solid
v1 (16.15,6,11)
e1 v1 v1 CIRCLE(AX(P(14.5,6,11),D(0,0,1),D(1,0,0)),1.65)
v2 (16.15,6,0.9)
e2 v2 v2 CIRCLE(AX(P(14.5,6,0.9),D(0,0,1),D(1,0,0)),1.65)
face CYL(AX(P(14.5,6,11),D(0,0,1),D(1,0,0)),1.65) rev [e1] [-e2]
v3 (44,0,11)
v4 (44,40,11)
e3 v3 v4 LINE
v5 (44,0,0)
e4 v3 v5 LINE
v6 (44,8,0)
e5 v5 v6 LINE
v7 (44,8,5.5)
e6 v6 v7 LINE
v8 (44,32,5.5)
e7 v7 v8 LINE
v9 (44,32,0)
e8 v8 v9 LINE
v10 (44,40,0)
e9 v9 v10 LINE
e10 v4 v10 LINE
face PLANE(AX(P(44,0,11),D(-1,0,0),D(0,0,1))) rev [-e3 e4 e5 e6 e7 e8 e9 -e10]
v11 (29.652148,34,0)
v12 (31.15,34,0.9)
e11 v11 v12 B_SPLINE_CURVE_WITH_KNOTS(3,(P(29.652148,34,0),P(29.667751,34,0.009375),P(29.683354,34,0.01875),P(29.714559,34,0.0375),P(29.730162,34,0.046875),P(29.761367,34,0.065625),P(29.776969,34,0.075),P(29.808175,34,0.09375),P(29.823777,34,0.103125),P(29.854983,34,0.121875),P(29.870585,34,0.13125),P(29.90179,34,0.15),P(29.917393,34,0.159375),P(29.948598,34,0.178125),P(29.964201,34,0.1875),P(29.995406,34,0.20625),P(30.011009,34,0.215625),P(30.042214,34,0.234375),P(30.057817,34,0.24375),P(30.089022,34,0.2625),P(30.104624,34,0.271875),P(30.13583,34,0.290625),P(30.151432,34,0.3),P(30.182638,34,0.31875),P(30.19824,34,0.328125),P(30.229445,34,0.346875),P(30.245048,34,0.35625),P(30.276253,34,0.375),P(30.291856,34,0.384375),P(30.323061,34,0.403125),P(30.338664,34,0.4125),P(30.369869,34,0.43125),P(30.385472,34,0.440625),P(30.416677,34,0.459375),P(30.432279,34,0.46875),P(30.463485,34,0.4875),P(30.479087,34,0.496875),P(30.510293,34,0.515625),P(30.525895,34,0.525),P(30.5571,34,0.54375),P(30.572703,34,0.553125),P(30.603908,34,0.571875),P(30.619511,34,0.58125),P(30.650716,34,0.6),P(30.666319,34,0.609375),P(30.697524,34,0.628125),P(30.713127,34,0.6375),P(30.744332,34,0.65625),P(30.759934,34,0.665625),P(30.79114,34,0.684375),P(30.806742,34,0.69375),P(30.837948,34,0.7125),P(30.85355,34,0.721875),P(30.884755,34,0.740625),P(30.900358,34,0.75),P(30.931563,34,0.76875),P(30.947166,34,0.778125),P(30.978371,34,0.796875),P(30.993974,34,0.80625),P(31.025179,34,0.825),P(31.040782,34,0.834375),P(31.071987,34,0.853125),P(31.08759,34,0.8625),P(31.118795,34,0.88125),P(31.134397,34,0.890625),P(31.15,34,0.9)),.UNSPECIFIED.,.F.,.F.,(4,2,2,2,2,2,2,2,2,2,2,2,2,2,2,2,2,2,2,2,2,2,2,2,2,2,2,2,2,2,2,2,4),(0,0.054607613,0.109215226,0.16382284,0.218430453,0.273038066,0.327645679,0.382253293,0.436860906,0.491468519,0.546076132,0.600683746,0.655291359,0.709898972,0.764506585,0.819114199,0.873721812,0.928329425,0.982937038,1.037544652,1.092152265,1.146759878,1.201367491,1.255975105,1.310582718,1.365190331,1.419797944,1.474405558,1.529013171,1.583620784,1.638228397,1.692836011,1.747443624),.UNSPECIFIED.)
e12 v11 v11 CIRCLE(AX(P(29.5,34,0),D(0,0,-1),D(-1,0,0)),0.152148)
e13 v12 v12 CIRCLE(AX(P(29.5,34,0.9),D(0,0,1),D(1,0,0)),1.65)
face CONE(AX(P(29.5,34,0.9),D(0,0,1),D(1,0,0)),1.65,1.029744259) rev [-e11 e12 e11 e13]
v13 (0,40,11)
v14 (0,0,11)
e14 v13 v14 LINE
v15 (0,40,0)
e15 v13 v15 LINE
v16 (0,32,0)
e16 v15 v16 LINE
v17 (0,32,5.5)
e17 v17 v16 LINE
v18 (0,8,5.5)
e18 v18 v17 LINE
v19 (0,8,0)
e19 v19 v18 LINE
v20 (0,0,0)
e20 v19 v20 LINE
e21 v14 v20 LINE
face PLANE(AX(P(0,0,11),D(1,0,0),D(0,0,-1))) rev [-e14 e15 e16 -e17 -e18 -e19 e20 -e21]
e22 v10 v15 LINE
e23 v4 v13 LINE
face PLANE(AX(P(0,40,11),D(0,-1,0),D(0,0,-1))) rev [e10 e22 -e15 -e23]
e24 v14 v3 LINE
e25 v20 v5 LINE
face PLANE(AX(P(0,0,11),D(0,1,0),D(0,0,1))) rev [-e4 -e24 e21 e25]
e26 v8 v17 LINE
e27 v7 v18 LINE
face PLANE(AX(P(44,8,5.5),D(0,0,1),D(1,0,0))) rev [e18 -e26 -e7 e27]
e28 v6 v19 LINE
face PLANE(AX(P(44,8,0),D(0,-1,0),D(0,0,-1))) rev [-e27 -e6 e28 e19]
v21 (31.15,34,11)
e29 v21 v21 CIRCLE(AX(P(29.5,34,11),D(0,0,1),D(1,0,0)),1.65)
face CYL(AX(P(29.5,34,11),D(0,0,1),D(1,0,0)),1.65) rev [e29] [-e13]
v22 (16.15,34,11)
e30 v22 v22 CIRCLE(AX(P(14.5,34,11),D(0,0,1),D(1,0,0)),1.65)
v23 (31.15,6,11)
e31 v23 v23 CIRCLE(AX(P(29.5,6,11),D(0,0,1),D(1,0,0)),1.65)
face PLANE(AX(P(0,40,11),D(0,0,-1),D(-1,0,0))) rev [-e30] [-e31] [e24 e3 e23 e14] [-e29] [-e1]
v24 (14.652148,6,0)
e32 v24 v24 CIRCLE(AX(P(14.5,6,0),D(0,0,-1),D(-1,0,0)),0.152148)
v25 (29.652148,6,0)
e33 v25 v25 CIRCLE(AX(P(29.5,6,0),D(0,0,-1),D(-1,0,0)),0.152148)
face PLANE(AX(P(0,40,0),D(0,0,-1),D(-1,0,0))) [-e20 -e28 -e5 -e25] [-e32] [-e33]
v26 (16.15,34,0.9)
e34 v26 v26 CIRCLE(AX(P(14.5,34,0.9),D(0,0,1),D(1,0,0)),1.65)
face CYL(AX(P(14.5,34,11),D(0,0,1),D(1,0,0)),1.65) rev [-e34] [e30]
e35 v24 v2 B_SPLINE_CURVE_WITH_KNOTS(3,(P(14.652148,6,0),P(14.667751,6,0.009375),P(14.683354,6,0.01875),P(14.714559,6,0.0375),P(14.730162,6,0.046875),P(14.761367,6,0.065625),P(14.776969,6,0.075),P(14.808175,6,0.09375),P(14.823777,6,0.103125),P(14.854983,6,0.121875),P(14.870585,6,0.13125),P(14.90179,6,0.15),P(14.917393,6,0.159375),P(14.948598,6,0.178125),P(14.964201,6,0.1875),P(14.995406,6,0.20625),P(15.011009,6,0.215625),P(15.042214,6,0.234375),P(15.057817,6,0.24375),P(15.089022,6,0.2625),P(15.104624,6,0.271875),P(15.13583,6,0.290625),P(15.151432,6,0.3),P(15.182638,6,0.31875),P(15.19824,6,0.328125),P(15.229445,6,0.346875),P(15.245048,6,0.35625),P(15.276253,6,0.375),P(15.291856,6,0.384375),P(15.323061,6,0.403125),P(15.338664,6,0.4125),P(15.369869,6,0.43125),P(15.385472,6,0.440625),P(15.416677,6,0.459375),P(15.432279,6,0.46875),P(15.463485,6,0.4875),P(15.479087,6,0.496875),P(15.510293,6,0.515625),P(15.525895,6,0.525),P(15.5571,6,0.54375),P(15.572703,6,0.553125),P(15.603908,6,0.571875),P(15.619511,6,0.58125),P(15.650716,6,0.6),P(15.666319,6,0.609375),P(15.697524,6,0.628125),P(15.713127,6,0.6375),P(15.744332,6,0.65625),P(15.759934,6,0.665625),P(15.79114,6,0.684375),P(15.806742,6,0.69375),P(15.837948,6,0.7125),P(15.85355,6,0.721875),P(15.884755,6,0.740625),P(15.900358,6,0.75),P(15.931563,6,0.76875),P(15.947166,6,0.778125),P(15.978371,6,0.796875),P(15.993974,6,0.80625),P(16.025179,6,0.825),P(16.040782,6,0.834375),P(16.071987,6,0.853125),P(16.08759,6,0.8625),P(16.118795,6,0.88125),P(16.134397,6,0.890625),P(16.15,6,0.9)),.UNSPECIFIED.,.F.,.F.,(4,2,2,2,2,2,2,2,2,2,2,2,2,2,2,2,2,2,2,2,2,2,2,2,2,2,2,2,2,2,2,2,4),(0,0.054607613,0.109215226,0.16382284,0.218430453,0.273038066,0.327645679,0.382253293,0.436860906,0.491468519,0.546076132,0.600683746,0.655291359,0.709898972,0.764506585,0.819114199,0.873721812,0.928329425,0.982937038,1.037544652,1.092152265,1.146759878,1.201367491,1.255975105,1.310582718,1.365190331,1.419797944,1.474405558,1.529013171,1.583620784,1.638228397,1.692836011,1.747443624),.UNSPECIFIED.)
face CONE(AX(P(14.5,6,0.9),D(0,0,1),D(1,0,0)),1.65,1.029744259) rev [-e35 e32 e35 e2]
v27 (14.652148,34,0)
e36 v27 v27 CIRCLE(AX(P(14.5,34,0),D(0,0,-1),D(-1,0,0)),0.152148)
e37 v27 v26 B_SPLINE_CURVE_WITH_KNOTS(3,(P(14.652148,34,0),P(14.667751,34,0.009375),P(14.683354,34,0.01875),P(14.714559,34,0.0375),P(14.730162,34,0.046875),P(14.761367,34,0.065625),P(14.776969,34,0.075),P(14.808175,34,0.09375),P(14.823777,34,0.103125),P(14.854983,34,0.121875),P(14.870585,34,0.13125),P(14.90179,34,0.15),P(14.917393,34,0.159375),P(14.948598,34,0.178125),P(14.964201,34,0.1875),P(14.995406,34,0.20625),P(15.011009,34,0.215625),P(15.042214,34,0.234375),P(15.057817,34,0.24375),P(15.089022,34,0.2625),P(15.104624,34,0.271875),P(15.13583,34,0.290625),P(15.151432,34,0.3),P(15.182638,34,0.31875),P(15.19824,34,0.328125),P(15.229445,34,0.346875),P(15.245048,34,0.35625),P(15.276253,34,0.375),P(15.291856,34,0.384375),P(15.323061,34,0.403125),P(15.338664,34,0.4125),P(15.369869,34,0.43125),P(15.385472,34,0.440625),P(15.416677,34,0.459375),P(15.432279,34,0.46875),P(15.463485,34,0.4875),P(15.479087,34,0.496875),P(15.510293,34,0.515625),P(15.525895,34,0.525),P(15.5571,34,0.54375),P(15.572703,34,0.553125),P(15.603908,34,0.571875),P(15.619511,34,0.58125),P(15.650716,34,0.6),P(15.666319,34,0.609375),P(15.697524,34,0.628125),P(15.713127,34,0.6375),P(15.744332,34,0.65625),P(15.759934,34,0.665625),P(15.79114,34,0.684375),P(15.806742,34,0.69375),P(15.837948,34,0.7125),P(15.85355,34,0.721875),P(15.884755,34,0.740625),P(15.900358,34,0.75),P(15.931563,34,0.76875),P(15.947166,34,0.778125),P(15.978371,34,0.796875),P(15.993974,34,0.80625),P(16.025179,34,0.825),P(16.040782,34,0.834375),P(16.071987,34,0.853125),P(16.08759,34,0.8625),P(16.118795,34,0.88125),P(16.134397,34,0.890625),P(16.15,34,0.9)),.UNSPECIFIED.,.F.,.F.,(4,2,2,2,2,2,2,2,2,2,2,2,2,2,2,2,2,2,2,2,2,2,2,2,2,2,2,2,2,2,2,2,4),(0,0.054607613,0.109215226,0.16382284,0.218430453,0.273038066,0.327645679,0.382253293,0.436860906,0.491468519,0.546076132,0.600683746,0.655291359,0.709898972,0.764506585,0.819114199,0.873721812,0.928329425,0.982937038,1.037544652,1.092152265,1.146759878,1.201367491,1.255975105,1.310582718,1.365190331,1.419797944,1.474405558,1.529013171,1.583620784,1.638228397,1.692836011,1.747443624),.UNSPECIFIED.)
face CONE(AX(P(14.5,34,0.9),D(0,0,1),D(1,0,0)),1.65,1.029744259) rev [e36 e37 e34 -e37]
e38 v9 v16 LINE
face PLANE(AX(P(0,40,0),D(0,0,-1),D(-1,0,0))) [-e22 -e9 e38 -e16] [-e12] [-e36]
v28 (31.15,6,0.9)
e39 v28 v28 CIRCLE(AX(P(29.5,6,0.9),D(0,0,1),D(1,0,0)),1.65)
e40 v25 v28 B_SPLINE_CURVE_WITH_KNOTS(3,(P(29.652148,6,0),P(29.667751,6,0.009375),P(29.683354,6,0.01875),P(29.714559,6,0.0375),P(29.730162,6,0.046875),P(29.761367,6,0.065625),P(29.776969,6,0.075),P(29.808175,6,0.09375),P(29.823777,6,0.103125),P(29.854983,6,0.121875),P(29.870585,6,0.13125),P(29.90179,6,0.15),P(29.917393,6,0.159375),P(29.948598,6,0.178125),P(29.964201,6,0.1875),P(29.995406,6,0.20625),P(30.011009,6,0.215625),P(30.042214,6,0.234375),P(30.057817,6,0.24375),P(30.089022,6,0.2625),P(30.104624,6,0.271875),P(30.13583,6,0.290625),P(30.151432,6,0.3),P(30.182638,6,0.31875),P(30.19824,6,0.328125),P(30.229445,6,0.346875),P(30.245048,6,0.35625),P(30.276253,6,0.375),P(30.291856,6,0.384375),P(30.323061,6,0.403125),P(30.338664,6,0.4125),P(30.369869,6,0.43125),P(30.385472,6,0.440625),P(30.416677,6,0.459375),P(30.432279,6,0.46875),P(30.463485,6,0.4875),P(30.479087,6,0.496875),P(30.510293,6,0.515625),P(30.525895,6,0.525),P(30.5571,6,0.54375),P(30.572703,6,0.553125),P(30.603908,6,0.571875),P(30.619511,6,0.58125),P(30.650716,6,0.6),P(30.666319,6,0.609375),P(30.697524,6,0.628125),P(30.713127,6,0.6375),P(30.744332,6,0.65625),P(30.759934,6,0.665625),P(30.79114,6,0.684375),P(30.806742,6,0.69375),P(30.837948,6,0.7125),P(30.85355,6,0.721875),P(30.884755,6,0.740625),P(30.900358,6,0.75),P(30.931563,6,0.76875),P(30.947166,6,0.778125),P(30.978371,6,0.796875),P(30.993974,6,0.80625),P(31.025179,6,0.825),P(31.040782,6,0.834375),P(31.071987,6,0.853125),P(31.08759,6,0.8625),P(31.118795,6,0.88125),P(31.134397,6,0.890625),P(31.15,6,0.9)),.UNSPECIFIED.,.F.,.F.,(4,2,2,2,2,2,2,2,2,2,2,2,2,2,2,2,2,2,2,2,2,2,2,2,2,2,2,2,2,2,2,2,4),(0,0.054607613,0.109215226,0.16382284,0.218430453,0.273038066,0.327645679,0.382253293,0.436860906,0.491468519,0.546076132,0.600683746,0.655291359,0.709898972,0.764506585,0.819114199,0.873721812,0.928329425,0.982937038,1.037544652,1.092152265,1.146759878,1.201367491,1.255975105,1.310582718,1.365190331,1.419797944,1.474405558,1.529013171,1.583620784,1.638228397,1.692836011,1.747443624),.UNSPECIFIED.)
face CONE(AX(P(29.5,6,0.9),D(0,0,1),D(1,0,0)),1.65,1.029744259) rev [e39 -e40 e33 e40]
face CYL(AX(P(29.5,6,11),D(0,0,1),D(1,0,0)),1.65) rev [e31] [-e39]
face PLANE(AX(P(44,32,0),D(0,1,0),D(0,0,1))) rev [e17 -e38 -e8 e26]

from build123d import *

# Parameters (mm, degrees)
SKETCH_1_W             = 44
SKETCH_1_H             = 40
EXTRUDE_1_DEPTH        = 11
SKETCH_2_W             = 5.5
SKETCH_2_H             = 24
CUT_EXTRUDE_1_DEPTH    = 61.473134531
HOLE_WIZARD_M4_1_D     = 3.3
HOLE_WIZARD_M4_1_DEPTH = 10.1
HOLE_WIZARD_M4_1_TIP   = 0.991420021


with BuildPart() as part:
    # 草图1 → 凸台-拉伸1 (new body)
    with BuildSketch(Plane.XY):
        with Locations((22, 20)):
            Rectangle(SKETCH_1_W, SKETCH_1_H)
    extrude(amount=EXTRUDE_1_DEPTH)

    # 草图2 → 切除-拉伸1 (cut, through all)
    with BuildSketch(Plane.ZY):
        with Locations((2.75, 20)):
            Rectangle(SKETCH_2_W, SKETCH_2_H)
    extrude(amount=-CUT_EXTRUDE_1_DEPTH, mode=Mode.SUBTRACT)

    # M4 螺纹孔1
    with Locations(Plane.XY.offset(11)):
        with Locations((14.5, 34), (29.5, 34), (14.5, 6), (29.5, 6)):
            Hole(HOLE_WIZARD_M4_1_D / 2, depth=HOLE_WIZARD_M4_1_DEPTH)
            with Locations((0, 0, -(HOLE_WIZARD_M4_1_DEPTH + HOLE_WIZARD_M4_1_TIP / 2))):  # 118° drill point
                Cone(0, HOLE_WIZARD_M4_1_D / 2, HOLE_WIZARD_M4_1_TIP, mode=Mode.SUBTRACT)


solid = part.part
